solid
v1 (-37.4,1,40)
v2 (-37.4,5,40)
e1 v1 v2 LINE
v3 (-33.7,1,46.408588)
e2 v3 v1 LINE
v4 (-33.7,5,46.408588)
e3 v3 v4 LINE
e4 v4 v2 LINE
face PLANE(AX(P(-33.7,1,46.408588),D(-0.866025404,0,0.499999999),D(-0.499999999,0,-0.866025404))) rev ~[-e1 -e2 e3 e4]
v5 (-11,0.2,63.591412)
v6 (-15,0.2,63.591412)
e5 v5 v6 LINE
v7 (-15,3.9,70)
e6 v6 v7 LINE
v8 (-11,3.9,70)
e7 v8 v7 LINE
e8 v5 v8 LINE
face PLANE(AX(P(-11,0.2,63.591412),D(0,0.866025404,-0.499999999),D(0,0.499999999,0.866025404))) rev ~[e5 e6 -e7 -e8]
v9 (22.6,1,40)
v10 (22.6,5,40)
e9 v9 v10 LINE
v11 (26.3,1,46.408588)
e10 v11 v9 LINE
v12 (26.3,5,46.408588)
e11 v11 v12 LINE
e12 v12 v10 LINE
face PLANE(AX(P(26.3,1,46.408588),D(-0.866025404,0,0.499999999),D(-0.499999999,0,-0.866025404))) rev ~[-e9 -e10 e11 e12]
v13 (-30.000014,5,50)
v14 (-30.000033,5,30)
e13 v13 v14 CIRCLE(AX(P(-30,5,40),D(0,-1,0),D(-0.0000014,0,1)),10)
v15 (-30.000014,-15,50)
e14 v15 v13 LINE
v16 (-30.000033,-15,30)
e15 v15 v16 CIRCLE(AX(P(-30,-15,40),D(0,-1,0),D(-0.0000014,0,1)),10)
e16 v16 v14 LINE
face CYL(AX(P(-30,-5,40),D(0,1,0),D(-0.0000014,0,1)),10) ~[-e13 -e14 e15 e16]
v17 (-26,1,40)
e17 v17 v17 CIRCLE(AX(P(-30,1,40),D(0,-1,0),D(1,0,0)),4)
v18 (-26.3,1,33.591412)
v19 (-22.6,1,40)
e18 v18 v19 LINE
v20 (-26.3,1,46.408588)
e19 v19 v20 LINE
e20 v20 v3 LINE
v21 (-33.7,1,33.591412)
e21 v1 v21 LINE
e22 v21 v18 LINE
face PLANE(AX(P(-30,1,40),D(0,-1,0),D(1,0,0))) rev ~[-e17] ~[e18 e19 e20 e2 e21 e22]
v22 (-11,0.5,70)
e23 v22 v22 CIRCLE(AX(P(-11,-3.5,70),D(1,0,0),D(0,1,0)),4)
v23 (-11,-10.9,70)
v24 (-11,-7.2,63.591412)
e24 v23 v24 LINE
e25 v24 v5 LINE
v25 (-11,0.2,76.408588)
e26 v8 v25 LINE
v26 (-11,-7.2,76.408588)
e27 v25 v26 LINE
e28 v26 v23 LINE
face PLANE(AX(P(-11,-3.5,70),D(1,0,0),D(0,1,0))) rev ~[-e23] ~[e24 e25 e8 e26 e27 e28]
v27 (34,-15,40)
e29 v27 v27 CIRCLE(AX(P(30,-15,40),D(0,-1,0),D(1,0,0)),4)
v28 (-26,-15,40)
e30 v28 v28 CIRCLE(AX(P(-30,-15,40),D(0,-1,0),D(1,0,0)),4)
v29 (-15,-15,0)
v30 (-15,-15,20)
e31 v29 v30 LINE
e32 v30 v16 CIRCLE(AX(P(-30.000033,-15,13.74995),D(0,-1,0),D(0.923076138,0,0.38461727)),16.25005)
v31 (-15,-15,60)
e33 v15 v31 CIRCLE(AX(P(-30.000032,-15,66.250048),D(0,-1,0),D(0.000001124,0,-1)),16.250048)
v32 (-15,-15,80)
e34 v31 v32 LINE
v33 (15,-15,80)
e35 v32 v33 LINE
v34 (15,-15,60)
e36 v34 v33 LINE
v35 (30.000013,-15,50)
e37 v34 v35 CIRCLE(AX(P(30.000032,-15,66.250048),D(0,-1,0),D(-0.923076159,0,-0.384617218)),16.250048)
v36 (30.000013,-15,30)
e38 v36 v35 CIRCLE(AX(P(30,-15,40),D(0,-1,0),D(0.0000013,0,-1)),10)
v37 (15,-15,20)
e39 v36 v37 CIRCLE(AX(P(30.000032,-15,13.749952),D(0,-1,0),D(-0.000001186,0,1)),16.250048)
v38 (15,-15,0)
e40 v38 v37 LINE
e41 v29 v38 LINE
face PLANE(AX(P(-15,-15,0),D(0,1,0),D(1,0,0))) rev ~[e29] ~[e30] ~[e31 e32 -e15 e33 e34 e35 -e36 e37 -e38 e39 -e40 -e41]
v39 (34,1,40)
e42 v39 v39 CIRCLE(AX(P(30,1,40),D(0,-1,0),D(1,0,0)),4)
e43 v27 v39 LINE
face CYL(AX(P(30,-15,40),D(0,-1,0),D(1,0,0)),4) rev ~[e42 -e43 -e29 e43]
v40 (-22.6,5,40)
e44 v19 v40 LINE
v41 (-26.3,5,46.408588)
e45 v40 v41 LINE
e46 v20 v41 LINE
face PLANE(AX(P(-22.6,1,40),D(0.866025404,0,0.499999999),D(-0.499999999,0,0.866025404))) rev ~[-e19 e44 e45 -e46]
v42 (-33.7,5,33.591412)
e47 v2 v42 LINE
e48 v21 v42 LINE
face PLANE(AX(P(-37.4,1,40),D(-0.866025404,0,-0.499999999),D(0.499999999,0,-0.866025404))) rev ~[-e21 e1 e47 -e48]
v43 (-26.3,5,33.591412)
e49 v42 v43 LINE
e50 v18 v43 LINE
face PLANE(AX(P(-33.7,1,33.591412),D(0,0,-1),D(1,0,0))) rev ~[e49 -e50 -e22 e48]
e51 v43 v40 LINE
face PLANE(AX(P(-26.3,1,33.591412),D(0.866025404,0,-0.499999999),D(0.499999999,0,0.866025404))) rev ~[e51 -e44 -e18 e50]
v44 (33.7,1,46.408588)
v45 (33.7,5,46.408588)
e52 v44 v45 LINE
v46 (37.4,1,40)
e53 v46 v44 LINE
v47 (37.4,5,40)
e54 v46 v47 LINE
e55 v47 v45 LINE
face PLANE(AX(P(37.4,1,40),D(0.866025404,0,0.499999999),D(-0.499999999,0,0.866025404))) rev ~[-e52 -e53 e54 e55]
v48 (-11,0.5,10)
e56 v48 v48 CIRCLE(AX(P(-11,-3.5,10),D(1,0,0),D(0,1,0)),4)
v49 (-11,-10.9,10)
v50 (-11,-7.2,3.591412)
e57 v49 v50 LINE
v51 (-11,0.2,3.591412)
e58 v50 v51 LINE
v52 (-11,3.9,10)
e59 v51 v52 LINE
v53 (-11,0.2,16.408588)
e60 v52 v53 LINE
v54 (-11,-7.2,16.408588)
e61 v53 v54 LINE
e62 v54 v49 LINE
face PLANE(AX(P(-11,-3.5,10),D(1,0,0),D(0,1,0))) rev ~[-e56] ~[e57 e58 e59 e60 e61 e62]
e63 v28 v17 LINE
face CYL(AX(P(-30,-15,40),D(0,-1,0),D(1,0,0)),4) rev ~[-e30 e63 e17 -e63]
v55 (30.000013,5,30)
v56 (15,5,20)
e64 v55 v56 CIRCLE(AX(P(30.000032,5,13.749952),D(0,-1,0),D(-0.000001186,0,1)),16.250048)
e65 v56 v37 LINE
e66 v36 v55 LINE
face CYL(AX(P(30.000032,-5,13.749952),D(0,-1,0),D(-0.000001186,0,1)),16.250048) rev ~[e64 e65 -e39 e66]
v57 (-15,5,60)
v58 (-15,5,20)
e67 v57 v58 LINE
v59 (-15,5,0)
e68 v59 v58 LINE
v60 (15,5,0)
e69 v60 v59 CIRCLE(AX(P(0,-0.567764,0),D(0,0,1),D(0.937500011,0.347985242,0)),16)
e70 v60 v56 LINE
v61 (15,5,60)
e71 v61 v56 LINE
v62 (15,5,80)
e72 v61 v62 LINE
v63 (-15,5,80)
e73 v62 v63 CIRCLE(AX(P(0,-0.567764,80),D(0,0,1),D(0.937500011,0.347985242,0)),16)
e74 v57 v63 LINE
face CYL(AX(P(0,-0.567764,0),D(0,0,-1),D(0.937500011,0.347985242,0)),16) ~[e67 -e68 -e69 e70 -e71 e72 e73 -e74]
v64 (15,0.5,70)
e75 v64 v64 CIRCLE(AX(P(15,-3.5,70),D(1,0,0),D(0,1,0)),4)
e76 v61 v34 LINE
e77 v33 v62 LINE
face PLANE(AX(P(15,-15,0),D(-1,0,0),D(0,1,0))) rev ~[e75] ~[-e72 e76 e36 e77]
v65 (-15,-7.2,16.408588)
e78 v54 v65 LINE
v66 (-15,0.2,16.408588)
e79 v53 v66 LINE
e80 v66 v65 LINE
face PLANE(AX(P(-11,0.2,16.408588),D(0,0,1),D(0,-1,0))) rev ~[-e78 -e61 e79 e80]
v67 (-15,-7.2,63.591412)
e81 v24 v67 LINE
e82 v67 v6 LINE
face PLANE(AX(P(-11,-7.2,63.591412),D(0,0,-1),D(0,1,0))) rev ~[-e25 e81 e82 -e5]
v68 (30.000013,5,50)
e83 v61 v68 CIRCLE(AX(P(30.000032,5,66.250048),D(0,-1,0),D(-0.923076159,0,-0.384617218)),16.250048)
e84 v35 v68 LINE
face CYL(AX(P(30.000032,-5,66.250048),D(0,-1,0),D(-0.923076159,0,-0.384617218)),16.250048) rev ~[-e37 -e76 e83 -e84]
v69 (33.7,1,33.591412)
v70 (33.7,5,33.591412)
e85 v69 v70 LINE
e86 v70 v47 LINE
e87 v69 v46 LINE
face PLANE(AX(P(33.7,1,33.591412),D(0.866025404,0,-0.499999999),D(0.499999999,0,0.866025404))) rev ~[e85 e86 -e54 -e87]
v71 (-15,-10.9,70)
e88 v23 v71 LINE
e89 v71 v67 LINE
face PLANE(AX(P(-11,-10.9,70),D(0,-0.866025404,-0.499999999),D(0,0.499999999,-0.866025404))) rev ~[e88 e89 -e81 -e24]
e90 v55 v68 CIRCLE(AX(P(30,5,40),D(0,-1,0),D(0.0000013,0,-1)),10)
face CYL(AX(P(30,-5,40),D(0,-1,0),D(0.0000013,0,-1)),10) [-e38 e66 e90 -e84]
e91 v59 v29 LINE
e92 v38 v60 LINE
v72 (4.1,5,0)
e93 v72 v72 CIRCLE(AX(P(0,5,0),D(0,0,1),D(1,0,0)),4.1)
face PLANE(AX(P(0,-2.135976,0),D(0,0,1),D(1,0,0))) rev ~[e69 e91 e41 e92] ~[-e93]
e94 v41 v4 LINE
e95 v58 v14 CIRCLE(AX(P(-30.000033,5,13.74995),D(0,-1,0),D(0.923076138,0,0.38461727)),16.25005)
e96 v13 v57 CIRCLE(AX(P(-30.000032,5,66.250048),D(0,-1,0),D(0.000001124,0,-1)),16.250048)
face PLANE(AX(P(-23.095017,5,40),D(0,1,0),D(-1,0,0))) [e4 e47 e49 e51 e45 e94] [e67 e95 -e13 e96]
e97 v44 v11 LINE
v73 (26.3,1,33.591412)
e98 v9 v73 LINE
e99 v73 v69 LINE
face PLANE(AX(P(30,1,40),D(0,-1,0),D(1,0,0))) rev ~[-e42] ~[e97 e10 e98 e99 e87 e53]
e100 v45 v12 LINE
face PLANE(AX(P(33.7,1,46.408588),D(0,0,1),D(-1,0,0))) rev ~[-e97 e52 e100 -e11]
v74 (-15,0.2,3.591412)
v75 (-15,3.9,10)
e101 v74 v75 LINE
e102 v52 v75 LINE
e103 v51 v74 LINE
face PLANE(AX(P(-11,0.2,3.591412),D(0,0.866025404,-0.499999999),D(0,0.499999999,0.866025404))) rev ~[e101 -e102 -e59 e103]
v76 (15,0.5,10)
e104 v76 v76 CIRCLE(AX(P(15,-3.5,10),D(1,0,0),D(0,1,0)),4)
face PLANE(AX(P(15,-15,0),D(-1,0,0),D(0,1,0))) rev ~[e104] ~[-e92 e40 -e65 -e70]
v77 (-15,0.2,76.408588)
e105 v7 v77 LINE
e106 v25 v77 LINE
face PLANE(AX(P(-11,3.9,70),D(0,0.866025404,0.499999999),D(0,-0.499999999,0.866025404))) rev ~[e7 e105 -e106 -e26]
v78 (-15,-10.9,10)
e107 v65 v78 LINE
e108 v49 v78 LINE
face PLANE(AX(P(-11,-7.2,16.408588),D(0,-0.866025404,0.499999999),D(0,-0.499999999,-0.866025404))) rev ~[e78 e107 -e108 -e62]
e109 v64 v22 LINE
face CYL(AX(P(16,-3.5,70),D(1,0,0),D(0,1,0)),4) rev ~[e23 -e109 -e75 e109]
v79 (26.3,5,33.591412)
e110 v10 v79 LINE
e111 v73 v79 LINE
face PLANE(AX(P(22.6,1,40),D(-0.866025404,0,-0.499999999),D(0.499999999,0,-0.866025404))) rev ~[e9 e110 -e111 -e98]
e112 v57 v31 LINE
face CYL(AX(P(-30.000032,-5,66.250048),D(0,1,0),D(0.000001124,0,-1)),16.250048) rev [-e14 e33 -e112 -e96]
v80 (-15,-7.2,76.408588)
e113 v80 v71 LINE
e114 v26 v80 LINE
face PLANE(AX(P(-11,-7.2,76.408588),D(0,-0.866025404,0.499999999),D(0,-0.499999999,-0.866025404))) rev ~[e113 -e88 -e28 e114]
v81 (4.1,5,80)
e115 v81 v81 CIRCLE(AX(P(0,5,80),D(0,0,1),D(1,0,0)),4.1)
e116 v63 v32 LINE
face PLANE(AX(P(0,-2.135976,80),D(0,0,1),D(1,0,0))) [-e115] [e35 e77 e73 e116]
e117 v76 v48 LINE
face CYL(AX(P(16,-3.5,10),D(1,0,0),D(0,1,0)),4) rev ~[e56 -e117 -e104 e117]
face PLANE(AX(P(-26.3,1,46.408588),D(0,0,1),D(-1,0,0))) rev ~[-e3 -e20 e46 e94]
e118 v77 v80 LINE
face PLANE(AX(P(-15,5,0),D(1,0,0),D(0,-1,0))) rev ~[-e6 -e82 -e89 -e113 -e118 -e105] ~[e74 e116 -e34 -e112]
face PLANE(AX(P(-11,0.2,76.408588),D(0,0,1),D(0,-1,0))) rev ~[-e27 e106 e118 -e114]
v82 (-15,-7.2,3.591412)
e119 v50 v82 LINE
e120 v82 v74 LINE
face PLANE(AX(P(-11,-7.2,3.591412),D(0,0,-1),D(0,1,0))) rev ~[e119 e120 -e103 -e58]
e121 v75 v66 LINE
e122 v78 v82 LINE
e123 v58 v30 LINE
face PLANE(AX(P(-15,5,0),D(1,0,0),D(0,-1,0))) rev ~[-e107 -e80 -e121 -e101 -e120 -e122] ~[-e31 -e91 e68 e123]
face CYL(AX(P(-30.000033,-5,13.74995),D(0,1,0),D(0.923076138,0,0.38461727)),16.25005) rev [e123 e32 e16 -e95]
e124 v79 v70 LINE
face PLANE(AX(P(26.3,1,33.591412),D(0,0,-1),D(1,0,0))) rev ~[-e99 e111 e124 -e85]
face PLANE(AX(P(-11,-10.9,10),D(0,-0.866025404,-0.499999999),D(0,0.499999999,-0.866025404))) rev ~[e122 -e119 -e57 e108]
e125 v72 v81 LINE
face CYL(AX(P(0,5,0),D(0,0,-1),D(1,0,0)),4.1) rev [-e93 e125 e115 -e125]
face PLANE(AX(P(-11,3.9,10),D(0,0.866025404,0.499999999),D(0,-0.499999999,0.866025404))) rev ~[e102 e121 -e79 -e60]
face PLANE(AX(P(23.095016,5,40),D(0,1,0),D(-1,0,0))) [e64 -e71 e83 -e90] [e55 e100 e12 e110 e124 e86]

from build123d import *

# Parameters (mm, degrees)
SKETCH007_R  = 4
PAD003_DEPTH = 20
SKETCH001_R  = 4
PAD004_DEPTH = 32
PAD006_DEPTH = 4
PAD001_DEPTH = 4
SKETCH_R     = 4.1
PAD_DEPTH    = 80
PAD008_DEPTH = 10


with BuildPart() as rodhole01:
    # Sketch007 → Pad003 (new body)
    with BuildSketch(Plane.XZ.offset(15)):
        with Locations((30, 40)):
            Circle(SKETCH007_R)
        with Locations((-30, 40)):
            Circle(SKETCH007_R)
    extrude(amount=-PAD003_DEPTH)


with BuildPart() as rodhole02:
    # Sketch001 → Pad004 (new body)
    with BuildSketch(Plane.YZ.offset(16)):
        with Locations((-3.5, 70)):
            Circle(SKETCH001_R)
        with Locations((-3.5, 10)):
            Circle(SKETCH001_R)
    extrude(amount=-PAD004_DEPTH)


with BuildPart() as sidenutflush02:
    # Sketch002 → Pad006 (new body)
    with BuildSketch(Plane.YZ.offset(-11)):
        Polygon((3.9, 70), (0.2, 76.408588), (-7.2, 76.408588), (-10.9, 70), (-7.2, 63.591412), (0.2, 63.591412), align=None)
        Polygon((0.2, 3.591412), (3.9, 10), (0.2, 16.408588), (-7.2, 16.408588), (-10.9, 10), (-7.2, 3.591412), align=None)
    extrude(amount=-PAD006_DEPTH)


with BuildPart() as cutblock:
    # Sketch008 → Pad001 (new body)
    with BuildSketch(Plane.XZ.offset(-1)):
        Polygon((33.7, 33.591412), (37.4, 40), (33.7, 46.408588), (26.3, 46.408588), (22.6, 40), (26.3, 33.591412), align=None)
        Polygon((-26.3, 33.591412), (-22.6, 40), (-26.3, 46.408588), (-33.7, 46.408588), (-37.4, 40), (-33.7, 33.591412), align=None)
    extrude(amount=-PAD001_DEPTH)

    # Fusion001: union RodHole01, RodHole02, SideNutFlush02
    add(rodhole01.part)
    add(rodhole02.part)
    add(sidenutflush02.part)


with BuildPart() as base:
    # Sketch → Pad (new body)
    with BuildSketch(Plane.XY):
        with BuildLine():
            Line((-15, 5), (-15, -15))
            Line((-15, -15), (15, -15))
            Line((15, -15), (15, 5))
            ThreePointArc((15, 5), (0, 15.432236), (-15, 5))
        make_face()
        with Locations((0, 5)):
            Circle(SKETCH_R, mode=Mode.SUBTRACT)
    extrude(amount=PAD_DEPTH)


with BuildPart() as cut:
    # Sketch010 → Pad008 (new body, symmetric)
    with BuildSketch(Plane.XZ.offset(5)):
        with BuildLine():
            ThreePointArc((-15, 20), (-20.986141, 27.270818), (-30.000033, 30))
            ThreePointArc((-30.000014, 50), (-40, 40.000009), (-30.000033, 30))
            ThreePointArc((-30.000014, 50), (-20.986133, 52.729187), (-15, 60))
            Line((-15, 60), (-15, 20))
        make_face()
        with BuildLine():
            ThreePointArc((15, 60), (20.986133, 52.729187), (30.000013, 50))
            ThreePointArc((30.000013, 30), (40, 40), (30.000013, 50))
            ThreePointArc((30.000013, 30), (20.986133, 27.270813), (15, 20))
            Line((15, 60), (15, 20))
        make_face()
    extrude(amount=PAD008_DEPTH, both=True)

    # Fusion: union Base
    add(base.part)

    # Cut: cut CutBlock
    add(cutblock.part, mode=Mode.SUBTRACT)


solid = cut.part
